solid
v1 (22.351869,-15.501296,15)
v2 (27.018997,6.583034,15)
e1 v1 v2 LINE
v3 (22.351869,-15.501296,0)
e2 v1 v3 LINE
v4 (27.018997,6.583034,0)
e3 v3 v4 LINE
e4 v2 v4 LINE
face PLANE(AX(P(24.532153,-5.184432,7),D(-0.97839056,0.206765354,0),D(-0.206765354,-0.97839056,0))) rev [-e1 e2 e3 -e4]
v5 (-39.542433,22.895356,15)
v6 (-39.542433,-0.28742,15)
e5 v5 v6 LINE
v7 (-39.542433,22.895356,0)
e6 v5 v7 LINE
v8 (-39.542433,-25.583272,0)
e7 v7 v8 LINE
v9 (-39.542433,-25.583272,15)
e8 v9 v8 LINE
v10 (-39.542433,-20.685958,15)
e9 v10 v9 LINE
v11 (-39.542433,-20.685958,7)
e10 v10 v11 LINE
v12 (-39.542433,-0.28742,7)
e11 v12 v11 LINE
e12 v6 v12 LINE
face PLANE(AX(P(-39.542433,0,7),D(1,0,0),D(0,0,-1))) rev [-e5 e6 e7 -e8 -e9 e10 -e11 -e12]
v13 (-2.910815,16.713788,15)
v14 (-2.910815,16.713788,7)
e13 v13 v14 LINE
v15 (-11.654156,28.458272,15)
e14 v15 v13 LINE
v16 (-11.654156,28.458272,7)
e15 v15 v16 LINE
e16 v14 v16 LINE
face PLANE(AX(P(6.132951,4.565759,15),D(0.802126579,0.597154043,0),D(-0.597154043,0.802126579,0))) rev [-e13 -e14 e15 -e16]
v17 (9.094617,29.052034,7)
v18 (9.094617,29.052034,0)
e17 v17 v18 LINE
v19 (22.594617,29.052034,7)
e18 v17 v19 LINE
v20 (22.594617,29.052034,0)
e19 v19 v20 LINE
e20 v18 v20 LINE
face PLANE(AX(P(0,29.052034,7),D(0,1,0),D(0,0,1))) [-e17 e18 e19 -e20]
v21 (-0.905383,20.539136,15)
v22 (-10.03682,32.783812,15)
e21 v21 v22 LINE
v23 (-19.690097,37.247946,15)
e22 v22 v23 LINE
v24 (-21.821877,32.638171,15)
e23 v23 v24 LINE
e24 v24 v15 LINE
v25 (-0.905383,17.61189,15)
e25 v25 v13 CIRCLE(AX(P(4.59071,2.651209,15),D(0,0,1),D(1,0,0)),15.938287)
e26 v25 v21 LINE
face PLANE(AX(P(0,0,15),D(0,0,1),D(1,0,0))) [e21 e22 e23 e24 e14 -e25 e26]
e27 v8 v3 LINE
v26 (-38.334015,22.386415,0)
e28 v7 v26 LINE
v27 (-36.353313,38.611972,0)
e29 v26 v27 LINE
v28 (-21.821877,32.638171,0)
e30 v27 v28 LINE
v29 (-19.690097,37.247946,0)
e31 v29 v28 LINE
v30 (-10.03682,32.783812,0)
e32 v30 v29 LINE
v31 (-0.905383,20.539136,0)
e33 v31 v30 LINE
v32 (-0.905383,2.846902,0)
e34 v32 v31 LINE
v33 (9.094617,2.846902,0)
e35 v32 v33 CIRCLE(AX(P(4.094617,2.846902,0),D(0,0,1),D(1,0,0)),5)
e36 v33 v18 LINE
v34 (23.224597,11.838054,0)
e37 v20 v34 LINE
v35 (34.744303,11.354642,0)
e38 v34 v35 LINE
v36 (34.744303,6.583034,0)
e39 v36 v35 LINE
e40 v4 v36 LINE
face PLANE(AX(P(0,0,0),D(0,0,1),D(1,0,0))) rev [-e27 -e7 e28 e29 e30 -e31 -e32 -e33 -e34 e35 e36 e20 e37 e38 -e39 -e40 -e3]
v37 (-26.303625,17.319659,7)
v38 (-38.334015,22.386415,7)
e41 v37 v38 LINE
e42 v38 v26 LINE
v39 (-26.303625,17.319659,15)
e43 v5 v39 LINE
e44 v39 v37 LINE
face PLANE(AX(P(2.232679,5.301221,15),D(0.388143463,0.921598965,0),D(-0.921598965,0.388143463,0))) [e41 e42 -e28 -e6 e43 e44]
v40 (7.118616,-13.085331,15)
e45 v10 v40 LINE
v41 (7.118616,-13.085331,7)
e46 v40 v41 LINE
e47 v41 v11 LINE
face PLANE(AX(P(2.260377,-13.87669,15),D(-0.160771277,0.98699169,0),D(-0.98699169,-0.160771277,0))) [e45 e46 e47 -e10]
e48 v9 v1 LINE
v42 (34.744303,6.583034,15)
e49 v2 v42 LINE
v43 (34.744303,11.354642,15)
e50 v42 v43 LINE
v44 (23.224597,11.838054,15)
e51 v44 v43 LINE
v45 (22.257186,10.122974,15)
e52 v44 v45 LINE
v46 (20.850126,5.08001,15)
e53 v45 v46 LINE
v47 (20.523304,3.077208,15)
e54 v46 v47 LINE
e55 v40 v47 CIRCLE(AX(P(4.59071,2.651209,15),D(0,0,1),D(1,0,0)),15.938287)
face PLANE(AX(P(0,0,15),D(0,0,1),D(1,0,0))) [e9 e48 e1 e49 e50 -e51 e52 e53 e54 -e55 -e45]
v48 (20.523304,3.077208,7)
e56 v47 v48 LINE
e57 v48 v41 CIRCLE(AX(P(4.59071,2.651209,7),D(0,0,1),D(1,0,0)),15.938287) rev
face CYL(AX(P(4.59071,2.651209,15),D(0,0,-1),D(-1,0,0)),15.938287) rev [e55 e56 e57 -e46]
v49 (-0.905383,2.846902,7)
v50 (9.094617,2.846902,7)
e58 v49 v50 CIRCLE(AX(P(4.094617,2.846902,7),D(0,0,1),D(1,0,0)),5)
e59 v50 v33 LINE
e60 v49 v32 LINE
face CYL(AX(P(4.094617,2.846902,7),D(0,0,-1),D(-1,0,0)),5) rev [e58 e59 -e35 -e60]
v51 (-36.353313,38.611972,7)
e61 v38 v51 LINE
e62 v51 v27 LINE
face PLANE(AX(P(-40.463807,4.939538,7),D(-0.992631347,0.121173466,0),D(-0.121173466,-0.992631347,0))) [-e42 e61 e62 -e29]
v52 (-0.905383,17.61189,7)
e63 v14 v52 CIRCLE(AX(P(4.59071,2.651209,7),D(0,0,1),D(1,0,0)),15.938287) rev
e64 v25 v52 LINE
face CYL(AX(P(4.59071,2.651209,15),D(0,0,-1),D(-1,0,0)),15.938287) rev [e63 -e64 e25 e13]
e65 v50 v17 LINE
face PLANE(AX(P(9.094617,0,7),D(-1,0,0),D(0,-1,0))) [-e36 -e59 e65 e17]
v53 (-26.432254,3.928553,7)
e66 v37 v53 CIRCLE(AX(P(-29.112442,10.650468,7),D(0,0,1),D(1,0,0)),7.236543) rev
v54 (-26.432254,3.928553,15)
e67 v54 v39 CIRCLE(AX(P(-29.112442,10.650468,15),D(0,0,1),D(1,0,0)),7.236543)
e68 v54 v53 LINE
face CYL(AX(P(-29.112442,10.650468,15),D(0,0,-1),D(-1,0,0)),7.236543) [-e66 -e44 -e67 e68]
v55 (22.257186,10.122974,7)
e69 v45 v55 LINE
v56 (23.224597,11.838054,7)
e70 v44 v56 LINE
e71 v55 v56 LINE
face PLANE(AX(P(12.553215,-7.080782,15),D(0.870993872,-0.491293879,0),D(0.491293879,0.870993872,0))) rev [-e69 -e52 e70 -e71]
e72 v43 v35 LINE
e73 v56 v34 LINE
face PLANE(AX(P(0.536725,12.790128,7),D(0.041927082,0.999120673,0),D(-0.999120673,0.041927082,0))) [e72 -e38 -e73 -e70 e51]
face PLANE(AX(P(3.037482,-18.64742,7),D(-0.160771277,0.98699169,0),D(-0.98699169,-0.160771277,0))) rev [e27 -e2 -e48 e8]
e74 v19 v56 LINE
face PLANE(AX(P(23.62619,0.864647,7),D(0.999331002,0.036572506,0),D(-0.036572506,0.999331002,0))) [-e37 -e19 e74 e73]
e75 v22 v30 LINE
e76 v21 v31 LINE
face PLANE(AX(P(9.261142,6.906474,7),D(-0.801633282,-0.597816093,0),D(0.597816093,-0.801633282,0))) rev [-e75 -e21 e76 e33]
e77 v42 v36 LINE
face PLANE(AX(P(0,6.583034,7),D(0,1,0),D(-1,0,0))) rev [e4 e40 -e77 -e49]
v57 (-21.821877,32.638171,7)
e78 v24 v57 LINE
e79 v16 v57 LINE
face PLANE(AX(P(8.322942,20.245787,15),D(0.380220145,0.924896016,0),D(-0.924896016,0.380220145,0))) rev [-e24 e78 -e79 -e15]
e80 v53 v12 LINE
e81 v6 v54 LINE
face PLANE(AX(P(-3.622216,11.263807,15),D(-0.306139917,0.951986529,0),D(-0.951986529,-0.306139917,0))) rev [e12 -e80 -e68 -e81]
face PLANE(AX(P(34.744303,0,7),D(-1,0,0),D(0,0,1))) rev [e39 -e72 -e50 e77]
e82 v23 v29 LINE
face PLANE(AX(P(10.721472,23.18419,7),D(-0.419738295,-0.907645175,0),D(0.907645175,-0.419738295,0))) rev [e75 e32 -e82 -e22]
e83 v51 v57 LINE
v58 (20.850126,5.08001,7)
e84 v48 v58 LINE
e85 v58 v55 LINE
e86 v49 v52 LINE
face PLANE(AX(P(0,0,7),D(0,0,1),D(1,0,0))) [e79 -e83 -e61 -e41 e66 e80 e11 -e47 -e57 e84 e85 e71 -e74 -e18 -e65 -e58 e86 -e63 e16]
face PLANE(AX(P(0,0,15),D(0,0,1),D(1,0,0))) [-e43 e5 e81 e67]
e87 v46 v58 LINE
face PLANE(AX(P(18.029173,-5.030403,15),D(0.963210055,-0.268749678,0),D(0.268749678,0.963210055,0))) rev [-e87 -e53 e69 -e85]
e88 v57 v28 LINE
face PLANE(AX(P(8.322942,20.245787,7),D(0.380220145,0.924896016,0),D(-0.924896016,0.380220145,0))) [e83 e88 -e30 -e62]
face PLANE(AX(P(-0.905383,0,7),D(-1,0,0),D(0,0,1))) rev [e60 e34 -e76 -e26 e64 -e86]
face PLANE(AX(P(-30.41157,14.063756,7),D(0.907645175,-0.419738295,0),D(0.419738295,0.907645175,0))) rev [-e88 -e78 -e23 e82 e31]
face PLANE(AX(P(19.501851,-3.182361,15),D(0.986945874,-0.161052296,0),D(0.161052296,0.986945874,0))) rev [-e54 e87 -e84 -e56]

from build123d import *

# Parameters (mm, degrees)
BOSS_EXTRUDE2_DEPTH = 7
BOSS_EXTRUDE3_DEPTH = 15


with BuildPart() as part:
    # Sketch1 → Boss-Extrude2 (new body)
    with BuildSketch(Plane.XY):
        with BuildLine():
            Line((-39.542433315, -25.583271541), (22.35186865, -15.501296132))
            Line((22.35186865, -15.501296132), (27.018997021, 6.583034036))
            Line((27.018997021, 6.583034036), (34.744303123, 6.583034036))
            Line((34.744303123, 6.583034036), (34.744303123, 11.354641566))
            Line((34.744303123, 11.354641566), (23.2245968, 11.838054321))
            Line((23.2245968, 11.838054321), (22.594616957, 29.052034329))
            Line((22.594616957, 29.052034329), (9.094616957, 29.052034329))
            Line((9.094616957, 29.052034329), (9.094616957, 2.846901584))
            ThreePointArc((9.094616957, 2.846901584), (4.094616957, -2.153098416), (-0.905383043, 2.846901584))
            Line((-0.905383043, 2.846901584), (-0.905383043, 20.539136331))
            Line((-0.905383043, 20.539136331), (-10.036820206, 32.783811613))
            Line((-10.036820206, 32.783811613), (-19.690097484, 37.247946124))
            Line((-19.690097484, 37.247946124), (-21.821876557, 32.638171386))
            Line((-21.821876557, 32.638171386), (-36.353312831, 38.611972459))
            Line((-36.353312831, 38.611972459), (-39.542433315, 12.487268255))
            Line((-39.542433315, 12.487268255), (-39.542433315, -25.583271541))
        make_face()
    extrude(amount=BOSS_EXTRUDE2_DEPTH)

    # Sketch1<7> → Boss-Extrude3 (add)
    with BuildSketch(Plane.XY):
        with BuildLine():
            ThreePointArc((-2.910814831, 16.713787882), (-1.923594587, 17.19744001), (-0.905383043, 17.611889578))
            Line((-0.905383043, 17.611889578), (-0.905383043, 20.539136331))
            Line((-0.905383043, 20.539136331), (-10.036820206, 32.783811613))
            Line((-10.036820206, 32.783811613), (-19.690097484, 37.247946124))
            Line((-19.690097484, 37.247946124), (-21.821876557, 32.638171386))
            Line((-21.821876557, 32.638171386), (-11.654155817, 28.458272035))
            Line((-11.654155817, 28.458272035), (-2.910814831, 16.713787882))
        make_face()
        with BuildLine():
            ThreePointArc((20.523303512, 3.077207951), (16.858734445, -7.523493754), (7.118615678, -13.085330635))
            Line((7.118615678, -13.085330635), (-39.542433315, -20.685958376))
            Line((-39.542433315, -20.685958376), (-39.542433315, -25.583271541))
            Line((-39.542433315, -25.583271541), (22.35186865, -15.501296132))
            Line((22.35186865, -15.501296132), (27.018997021, 6.583034036))
            Line((27.018997021, 6.583034036), (34.744303123, 6.583034036))
            Line((34.744303123, 6.583034036), (34.744303123, 11.354641566))
            Line((34.744303123, 11.354641566), (23.2245968, 11.838054321))
            Line((23.2245968, 11.838054321), (22.257186267, 10.122973627))
            Line((22.257186267, 10.122973627), (20.850125794, 5.080010211))
            Line((20.850125794, 5.080010211), (20.523303512, 3.077207951))
        make_face()
        with BuildLine():
            Line((-26.303625242, 17.319658526), (-39.542433315, 22.895355765))
            Line((-39.542433315, 22.895355765), (-39.542433315, -0.287420009))
            Line((-39.542433315, -0.287420009), (-26.432254104, 3.928552647))
            ThreePointArc((-26.432254104, 3.928552647), (-21.876232947, 10.580960298), (-26.303625242, 17.319658526))
        make_face()
    extrude(amount=BOSS_EXTRUDE3_DEPTH)


solid = part.part
